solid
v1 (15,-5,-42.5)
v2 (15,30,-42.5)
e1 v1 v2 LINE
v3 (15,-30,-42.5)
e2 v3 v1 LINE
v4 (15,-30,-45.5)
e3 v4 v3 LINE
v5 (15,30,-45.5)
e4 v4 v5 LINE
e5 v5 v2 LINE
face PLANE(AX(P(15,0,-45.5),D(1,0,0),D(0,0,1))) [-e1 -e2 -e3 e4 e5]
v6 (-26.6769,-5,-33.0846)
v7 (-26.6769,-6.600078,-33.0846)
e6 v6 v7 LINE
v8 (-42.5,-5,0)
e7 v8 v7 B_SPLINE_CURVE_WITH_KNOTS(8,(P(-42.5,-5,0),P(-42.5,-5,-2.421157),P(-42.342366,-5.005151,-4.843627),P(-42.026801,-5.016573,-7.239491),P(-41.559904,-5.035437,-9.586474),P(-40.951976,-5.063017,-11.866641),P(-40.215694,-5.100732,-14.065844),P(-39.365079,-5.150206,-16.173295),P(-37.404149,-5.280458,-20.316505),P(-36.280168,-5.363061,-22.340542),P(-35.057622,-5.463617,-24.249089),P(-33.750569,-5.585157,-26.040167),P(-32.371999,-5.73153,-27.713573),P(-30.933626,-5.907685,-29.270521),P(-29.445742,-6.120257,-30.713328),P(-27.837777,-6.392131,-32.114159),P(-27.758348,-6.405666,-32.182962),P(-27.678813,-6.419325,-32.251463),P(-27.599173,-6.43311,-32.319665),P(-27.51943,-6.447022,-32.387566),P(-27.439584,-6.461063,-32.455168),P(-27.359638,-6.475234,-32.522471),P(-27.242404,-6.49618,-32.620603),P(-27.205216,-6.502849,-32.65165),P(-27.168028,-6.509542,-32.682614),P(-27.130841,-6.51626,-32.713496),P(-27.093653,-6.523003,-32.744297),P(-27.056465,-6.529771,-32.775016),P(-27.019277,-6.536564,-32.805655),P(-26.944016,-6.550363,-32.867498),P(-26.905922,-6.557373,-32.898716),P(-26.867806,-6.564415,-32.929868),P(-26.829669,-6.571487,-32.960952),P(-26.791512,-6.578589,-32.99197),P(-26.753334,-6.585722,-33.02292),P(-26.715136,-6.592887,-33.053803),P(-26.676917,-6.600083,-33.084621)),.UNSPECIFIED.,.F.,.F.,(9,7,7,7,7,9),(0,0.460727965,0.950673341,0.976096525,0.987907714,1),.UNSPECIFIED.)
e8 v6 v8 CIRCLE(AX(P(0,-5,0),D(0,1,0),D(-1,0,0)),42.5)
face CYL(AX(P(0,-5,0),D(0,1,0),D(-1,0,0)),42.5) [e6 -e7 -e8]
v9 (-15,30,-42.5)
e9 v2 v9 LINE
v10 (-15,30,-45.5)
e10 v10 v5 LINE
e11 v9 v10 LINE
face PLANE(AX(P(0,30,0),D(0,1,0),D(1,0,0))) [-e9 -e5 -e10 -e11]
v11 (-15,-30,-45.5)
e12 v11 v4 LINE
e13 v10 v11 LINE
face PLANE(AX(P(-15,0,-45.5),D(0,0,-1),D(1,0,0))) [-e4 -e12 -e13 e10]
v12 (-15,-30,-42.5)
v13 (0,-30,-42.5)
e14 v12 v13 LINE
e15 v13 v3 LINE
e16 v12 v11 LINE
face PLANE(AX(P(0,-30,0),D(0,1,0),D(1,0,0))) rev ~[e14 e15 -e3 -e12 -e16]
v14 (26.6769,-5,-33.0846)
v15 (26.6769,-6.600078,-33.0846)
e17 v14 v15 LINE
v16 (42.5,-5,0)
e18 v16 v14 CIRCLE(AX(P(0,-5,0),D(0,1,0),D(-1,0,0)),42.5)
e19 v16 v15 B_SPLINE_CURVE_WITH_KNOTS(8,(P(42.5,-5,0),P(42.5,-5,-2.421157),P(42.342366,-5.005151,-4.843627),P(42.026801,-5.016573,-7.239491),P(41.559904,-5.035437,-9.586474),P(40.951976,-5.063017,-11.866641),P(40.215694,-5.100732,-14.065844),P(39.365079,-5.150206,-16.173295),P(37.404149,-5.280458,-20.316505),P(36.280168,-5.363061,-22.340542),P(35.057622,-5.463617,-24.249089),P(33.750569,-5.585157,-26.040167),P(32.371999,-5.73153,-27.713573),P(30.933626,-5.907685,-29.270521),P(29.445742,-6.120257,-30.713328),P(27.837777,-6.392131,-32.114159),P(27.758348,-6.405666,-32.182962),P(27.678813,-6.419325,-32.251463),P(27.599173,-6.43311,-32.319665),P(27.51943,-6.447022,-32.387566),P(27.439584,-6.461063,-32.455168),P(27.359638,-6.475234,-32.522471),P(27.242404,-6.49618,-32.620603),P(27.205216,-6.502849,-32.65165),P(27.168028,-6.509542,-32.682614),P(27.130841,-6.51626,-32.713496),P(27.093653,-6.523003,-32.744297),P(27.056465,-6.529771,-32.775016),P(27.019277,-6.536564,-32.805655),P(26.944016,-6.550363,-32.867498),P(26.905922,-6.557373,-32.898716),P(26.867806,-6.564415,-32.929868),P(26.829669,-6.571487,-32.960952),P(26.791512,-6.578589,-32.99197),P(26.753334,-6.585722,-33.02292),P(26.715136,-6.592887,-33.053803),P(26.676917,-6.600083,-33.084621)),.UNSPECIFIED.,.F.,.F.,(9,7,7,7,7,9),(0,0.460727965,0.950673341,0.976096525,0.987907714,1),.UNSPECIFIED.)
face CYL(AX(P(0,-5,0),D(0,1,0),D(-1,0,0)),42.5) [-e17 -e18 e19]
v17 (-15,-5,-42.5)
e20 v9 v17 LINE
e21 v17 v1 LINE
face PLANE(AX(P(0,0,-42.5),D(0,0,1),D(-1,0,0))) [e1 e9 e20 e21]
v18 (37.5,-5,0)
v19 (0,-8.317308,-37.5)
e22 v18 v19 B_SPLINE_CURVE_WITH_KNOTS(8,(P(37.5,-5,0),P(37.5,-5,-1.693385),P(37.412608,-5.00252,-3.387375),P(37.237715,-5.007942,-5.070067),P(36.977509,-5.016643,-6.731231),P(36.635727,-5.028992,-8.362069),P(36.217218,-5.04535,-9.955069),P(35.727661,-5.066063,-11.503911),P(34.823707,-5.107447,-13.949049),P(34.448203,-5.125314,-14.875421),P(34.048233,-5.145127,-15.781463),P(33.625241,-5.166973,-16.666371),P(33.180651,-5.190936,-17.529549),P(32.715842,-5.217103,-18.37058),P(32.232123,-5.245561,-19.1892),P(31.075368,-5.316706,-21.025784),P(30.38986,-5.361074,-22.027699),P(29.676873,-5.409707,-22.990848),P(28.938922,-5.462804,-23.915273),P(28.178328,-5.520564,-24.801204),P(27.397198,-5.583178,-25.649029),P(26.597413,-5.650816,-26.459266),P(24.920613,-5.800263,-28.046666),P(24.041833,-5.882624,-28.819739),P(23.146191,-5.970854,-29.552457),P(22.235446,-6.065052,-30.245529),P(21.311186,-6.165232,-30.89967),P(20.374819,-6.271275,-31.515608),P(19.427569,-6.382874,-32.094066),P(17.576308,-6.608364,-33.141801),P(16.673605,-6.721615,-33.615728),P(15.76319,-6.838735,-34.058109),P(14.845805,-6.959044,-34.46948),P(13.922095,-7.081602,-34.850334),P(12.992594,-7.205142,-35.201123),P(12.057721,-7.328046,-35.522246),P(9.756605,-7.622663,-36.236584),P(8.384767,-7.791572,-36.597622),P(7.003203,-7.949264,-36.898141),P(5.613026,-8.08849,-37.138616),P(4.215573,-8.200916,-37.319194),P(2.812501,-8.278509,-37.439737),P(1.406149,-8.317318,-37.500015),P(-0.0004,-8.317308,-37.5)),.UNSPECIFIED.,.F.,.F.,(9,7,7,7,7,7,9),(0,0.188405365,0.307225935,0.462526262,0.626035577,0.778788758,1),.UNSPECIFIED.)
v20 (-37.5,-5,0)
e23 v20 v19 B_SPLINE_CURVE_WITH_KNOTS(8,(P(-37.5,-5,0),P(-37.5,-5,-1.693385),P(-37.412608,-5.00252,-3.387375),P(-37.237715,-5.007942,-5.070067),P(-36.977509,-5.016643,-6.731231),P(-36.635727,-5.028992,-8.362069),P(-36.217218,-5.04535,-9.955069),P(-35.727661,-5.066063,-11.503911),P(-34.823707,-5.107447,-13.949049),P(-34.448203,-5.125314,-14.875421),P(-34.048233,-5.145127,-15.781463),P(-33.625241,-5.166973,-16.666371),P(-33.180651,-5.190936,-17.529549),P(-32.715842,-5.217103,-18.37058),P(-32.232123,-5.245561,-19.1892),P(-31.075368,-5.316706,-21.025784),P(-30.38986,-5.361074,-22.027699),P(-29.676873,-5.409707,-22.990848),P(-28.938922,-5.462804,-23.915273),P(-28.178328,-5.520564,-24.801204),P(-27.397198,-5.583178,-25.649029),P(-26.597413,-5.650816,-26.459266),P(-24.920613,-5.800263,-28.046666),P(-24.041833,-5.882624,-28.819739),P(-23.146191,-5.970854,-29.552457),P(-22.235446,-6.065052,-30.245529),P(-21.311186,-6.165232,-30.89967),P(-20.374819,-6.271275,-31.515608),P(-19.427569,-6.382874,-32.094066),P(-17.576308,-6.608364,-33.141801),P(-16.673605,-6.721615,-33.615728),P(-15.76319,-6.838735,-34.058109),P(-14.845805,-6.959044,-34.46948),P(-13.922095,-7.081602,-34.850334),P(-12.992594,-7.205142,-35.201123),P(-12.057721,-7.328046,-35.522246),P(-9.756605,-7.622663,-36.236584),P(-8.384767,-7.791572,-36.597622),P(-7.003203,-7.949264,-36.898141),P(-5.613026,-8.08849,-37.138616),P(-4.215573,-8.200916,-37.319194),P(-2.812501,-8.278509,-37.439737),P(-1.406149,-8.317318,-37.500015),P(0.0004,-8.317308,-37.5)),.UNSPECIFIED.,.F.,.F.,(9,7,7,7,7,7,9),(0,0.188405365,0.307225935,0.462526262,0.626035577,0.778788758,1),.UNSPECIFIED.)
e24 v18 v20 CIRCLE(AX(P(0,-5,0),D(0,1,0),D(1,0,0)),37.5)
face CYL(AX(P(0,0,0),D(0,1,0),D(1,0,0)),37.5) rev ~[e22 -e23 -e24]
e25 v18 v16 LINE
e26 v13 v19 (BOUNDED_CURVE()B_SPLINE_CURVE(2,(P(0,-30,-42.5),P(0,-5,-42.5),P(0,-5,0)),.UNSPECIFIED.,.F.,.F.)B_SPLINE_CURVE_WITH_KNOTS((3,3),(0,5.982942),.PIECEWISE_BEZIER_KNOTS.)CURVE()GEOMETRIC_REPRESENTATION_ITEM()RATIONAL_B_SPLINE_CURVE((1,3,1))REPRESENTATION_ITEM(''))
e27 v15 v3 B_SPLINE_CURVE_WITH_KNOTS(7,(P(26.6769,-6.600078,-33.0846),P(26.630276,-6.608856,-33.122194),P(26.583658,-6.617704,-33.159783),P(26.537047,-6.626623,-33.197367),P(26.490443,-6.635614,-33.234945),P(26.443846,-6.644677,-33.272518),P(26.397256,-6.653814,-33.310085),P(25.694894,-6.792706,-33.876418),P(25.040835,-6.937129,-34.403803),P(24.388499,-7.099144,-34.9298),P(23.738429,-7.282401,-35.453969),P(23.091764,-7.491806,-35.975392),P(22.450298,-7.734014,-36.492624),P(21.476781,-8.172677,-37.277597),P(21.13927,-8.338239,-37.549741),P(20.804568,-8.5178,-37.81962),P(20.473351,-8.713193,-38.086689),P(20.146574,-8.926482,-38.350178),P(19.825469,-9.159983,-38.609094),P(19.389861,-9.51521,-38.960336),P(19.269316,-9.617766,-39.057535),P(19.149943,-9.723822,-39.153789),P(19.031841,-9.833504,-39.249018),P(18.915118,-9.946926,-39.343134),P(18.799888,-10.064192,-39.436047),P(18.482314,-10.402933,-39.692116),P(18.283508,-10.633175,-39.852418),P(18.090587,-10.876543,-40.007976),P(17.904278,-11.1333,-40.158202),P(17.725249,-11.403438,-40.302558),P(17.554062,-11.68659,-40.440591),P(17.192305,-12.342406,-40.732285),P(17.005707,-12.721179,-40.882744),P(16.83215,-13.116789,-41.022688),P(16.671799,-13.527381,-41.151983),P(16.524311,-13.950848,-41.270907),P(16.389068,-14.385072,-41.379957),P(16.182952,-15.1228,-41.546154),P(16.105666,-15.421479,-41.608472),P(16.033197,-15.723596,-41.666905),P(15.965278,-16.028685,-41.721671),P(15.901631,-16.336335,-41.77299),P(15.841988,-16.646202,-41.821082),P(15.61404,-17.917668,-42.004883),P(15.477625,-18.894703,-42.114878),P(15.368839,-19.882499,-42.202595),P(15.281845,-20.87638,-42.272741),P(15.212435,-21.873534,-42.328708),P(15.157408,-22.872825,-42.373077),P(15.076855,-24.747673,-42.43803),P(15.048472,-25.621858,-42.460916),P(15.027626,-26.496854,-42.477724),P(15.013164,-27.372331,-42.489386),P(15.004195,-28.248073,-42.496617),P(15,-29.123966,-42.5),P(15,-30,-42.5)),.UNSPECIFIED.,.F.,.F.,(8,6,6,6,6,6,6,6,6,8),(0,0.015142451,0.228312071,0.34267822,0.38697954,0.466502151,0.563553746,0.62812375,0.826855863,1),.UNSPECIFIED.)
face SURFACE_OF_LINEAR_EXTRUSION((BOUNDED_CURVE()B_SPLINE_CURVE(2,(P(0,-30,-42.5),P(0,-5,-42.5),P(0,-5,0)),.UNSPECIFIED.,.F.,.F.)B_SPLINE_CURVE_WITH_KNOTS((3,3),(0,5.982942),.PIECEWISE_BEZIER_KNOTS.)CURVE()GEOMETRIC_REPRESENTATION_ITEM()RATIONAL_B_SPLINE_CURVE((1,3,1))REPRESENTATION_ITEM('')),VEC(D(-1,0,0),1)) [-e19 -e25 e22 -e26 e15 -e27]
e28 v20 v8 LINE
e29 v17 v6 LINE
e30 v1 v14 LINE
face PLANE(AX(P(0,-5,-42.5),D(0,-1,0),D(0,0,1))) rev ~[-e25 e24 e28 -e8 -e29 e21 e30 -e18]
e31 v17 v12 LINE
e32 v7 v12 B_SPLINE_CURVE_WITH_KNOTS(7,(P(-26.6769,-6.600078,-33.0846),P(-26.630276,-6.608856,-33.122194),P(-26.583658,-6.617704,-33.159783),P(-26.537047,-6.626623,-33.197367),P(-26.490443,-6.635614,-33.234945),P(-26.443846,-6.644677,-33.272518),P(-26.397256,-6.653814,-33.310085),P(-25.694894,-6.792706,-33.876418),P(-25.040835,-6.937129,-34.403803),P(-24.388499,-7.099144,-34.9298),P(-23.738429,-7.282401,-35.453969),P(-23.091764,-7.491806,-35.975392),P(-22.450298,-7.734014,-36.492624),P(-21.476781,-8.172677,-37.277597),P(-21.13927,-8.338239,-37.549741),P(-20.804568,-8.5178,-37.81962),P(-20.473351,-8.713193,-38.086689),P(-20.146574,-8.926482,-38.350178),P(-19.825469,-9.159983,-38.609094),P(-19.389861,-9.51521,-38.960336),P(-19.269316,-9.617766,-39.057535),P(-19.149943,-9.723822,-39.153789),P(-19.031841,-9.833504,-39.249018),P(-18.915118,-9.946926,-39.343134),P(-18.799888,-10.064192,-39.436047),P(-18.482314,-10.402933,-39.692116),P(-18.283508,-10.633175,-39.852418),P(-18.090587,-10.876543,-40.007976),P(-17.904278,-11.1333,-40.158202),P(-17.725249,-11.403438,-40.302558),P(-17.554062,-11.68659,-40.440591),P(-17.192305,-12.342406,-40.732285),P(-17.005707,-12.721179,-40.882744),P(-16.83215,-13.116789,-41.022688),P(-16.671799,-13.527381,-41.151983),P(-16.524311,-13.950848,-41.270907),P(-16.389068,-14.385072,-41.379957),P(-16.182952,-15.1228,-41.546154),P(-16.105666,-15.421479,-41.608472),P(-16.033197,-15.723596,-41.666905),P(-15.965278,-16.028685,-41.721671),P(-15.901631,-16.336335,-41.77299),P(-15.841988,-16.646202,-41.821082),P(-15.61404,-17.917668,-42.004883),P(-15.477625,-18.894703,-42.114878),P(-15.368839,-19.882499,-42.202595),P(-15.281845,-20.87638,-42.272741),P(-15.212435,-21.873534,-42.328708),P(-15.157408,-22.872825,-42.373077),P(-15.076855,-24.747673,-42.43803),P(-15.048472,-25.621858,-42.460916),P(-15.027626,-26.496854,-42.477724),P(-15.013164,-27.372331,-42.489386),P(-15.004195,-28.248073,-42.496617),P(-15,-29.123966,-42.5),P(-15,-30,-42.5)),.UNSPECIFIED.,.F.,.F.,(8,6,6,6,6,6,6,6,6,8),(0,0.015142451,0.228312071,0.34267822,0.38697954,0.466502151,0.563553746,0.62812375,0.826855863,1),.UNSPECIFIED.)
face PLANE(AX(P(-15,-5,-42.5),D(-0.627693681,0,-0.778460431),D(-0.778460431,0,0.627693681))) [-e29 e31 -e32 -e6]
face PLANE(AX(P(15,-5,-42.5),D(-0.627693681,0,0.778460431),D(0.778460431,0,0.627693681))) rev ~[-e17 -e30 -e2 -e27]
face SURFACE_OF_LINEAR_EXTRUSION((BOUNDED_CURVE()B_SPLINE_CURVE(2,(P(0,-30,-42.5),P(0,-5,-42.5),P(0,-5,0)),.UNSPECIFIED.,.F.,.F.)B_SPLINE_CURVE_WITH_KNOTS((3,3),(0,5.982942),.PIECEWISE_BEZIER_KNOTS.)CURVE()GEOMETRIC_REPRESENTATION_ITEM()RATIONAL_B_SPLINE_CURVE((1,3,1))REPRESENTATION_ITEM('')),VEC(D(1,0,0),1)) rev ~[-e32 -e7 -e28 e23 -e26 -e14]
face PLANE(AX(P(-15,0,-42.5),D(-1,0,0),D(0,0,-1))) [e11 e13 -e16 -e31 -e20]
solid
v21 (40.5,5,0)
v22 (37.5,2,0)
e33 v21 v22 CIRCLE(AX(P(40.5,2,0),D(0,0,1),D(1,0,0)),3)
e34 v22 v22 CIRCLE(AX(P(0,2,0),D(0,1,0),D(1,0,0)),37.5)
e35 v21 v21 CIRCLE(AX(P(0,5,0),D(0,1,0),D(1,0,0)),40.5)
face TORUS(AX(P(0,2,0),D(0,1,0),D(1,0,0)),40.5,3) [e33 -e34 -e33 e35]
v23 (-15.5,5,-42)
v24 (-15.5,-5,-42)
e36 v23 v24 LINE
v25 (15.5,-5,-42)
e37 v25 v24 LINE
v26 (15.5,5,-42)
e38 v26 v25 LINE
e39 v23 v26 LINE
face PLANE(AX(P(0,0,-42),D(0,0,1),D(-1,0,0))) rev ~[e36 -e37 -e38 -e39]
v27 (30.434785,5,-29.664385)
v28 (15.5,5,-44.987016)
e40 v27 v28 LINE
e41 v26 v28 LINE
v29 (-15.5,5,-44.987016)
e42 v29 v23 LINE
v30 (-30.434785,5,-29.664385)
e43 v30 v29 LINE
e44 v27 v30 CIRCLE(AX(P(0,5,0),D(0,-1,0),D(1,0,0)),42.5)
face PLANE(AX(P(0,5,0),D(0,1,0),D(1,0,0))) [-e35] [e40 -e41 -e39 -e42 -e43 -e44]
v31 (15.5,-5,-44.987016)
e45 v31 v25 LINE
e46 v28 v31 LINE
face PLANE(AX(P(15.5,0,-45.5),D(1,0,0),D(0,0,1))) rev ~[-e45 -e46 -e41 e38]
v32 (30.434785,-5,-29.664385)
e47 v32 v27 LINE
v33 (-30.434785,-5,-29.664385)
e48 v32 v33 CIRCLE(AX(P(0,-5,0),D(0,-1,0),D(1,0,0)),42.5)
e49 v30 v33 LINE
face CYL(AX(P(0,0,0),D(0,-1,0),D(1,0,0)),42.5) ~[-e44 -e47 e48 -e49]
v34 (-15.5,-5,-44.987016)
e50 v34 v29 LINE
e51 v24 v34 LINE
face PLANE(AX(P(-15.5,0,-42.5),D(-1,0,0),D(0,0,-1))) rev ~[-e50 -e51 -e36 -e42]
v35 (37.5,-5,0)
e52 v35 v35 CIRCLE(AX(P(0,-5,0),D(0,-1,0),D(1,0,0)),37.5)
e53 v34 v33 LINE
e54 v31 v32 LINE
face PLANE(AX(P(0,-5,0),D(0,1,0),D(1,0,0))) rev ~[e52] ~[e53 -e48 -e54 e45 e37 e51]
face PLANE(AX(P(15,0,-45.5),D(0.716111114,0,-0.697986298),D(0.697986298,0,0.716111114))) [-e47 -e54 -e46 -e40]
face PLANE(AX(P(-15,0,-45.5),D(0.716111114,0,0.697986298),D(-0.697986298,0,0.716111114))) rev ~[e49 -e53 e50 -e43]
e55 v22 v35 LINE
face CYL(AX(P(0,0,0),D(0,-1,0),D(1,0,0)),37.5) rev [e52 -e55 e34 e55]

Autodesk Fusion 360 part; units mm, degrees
sketch "Sketch1" plane through (0, 0, 0) normal (0, 1, 0) x (1, 0, 0) in component "Stand"
  circle A0 centre (0, 0) radius 37.5
  circle A1 centre (0, 0) radius 42.5
  line L0 (-15, 45.5) -> (15, 45.5)
  line L1 (15, 45.5) -> (15, 42.5)
  line L2 (15, 42.5) -> (-15, 42.5)
  line L3 (-15, 42.5) -> (-15, 45.5)
  line L4 (0, 0) -> (0, 45.5) construction
  line L5 (-15, 45.5) -> (-30.4348, 29.6644)
  line L6 (15, 45.5) -> (30.4348, 29.6644)
  dimension "d1" = 75
  dimension "d2" = 85
  dimension "d3" = 3
  dimension "d4" = 30
extrude "Extrude1" add sketch "Sketch1" along normal mid plane 10 contours A1 | A1 L1 L2 L6 | A1 L2 L3 L5 makes body 1 in component "Stand"
extrude "Extrude1'" add sketch "Sketch1" along normal mid plane 60 separate body contours L0 L1 L2 L3 makes body 2 in component "Clip"
sketch "Sketch1 (2)" plane through (0, 0, 0) normal (1, 0, 0) x (0, 0, -1) in component "Clip"
  line L0 (42.5, 30) -> (42.5, -30) construction
  line L1 (37.5, -5) -> (-37.5, -5) construction
  spline S0 degree 2 poles (42.5, -30) (42.5, -5) (0, -5) knots 0 0 0 5.982942 5.982942 5.982942 weights 1 3 1
  line L2 (42.5, -30) -> (42.5, -5)
  line L3 (42.5, -5) -> (0, -5)
extrude "Extrude2" add sketch "Sketch1 (2)" along normal mid plane 85 bodies 2 in component "Clip"
extrude "Extrude3" cut sketch "Sketch1" against normal blind 50 contours A0 bodies 2 in component "Clip"
sketch "Sketch2" plane through (0, -5, 0) normal (0, 1, 0) x (-1, 0, 0) in component "Clip"
  arc A0 (-37.5, 0) -> (37.5, 0) centre (0, 0) ccw
  line L0 (-37.5, 0) -> (-42.5, 0)
  line L1 (-42.5, 0) -> (-42.5, -42.5)
  line L2 (-42.5, -42.5) -> (-15, -42.5)
  line L3 (-15, -42.5) -> (15, -42.5)
  line L4 (15, -42.5) -> (42.5, -42.5)
  line L5 (42.5, -42.5) -> (42.5, 0)
  line L6 (42.5, 0) -> (37.5, 0)
  circle A1 centre (0, 0) radius 37.5 construction
  line L7 (-15, -42.5) -> (15, -42.5) construction
  line L8 (15, -42.5) -> (15, -45.5) construction
  line L9 (15, -45.5) -> (30.4348, -29.6644) construction
  arc A2 (30.4348, -29.6644) -> (-30.4348, -29.6644) centre (0, 0) ccw construction
  line L10 (-30.4348, -29.6644) -> (-15, -45.5) construction
  line L11 (-15, -45.5) -> (-15, -42.5) construction
  line L12 (42.5, 0) -> (42.5, -42.5)
  line L13 (-42.5, -42.5) -> (-42.5, 0)
  line L14 (-15, -42.5) -> (-26.6769, -33.0846)
  line L15 (15, -42.5) -> (26.6769, -33.0846)
  circle A3 centre (0, 0) radius 42.5
extrude "Extrude4" cut sketch "Sketch2" against normal through all contours L1 L2 L13 L14 A3 | L4 L5 L12 L15 A3 bodies 2 in component "Clip"
fillet "Fillet1" radius 3 1 edges at (-34.9623, 5, -13.5606) on bodies 1 in component "Stand"
move_face "OffsetFaces1" offset -0.5 1 faces at (5, -1.6667, -42.5) on bodies 1 in component "Stand"
move_face "OffsetFaces2" offset -0.5 1 faces at (15, -1.6667, -44.3333) on bodies 1 in component "Stand"
move_face "OffsetFaces3" offset -0.5 1 faces at (-15, 1.6667, -43.1667) on bodies 1 in component "Stand"
component "Stand" placed x (1, 0, 0) y (0, 1, 0) z (0, 0, 1) at (0, 0, 0)
component "Clip" placed x (1, 0, 0) y (0, 1, 0) z (0, 0, 1) at (0, 0, 0) in component "Stand"
